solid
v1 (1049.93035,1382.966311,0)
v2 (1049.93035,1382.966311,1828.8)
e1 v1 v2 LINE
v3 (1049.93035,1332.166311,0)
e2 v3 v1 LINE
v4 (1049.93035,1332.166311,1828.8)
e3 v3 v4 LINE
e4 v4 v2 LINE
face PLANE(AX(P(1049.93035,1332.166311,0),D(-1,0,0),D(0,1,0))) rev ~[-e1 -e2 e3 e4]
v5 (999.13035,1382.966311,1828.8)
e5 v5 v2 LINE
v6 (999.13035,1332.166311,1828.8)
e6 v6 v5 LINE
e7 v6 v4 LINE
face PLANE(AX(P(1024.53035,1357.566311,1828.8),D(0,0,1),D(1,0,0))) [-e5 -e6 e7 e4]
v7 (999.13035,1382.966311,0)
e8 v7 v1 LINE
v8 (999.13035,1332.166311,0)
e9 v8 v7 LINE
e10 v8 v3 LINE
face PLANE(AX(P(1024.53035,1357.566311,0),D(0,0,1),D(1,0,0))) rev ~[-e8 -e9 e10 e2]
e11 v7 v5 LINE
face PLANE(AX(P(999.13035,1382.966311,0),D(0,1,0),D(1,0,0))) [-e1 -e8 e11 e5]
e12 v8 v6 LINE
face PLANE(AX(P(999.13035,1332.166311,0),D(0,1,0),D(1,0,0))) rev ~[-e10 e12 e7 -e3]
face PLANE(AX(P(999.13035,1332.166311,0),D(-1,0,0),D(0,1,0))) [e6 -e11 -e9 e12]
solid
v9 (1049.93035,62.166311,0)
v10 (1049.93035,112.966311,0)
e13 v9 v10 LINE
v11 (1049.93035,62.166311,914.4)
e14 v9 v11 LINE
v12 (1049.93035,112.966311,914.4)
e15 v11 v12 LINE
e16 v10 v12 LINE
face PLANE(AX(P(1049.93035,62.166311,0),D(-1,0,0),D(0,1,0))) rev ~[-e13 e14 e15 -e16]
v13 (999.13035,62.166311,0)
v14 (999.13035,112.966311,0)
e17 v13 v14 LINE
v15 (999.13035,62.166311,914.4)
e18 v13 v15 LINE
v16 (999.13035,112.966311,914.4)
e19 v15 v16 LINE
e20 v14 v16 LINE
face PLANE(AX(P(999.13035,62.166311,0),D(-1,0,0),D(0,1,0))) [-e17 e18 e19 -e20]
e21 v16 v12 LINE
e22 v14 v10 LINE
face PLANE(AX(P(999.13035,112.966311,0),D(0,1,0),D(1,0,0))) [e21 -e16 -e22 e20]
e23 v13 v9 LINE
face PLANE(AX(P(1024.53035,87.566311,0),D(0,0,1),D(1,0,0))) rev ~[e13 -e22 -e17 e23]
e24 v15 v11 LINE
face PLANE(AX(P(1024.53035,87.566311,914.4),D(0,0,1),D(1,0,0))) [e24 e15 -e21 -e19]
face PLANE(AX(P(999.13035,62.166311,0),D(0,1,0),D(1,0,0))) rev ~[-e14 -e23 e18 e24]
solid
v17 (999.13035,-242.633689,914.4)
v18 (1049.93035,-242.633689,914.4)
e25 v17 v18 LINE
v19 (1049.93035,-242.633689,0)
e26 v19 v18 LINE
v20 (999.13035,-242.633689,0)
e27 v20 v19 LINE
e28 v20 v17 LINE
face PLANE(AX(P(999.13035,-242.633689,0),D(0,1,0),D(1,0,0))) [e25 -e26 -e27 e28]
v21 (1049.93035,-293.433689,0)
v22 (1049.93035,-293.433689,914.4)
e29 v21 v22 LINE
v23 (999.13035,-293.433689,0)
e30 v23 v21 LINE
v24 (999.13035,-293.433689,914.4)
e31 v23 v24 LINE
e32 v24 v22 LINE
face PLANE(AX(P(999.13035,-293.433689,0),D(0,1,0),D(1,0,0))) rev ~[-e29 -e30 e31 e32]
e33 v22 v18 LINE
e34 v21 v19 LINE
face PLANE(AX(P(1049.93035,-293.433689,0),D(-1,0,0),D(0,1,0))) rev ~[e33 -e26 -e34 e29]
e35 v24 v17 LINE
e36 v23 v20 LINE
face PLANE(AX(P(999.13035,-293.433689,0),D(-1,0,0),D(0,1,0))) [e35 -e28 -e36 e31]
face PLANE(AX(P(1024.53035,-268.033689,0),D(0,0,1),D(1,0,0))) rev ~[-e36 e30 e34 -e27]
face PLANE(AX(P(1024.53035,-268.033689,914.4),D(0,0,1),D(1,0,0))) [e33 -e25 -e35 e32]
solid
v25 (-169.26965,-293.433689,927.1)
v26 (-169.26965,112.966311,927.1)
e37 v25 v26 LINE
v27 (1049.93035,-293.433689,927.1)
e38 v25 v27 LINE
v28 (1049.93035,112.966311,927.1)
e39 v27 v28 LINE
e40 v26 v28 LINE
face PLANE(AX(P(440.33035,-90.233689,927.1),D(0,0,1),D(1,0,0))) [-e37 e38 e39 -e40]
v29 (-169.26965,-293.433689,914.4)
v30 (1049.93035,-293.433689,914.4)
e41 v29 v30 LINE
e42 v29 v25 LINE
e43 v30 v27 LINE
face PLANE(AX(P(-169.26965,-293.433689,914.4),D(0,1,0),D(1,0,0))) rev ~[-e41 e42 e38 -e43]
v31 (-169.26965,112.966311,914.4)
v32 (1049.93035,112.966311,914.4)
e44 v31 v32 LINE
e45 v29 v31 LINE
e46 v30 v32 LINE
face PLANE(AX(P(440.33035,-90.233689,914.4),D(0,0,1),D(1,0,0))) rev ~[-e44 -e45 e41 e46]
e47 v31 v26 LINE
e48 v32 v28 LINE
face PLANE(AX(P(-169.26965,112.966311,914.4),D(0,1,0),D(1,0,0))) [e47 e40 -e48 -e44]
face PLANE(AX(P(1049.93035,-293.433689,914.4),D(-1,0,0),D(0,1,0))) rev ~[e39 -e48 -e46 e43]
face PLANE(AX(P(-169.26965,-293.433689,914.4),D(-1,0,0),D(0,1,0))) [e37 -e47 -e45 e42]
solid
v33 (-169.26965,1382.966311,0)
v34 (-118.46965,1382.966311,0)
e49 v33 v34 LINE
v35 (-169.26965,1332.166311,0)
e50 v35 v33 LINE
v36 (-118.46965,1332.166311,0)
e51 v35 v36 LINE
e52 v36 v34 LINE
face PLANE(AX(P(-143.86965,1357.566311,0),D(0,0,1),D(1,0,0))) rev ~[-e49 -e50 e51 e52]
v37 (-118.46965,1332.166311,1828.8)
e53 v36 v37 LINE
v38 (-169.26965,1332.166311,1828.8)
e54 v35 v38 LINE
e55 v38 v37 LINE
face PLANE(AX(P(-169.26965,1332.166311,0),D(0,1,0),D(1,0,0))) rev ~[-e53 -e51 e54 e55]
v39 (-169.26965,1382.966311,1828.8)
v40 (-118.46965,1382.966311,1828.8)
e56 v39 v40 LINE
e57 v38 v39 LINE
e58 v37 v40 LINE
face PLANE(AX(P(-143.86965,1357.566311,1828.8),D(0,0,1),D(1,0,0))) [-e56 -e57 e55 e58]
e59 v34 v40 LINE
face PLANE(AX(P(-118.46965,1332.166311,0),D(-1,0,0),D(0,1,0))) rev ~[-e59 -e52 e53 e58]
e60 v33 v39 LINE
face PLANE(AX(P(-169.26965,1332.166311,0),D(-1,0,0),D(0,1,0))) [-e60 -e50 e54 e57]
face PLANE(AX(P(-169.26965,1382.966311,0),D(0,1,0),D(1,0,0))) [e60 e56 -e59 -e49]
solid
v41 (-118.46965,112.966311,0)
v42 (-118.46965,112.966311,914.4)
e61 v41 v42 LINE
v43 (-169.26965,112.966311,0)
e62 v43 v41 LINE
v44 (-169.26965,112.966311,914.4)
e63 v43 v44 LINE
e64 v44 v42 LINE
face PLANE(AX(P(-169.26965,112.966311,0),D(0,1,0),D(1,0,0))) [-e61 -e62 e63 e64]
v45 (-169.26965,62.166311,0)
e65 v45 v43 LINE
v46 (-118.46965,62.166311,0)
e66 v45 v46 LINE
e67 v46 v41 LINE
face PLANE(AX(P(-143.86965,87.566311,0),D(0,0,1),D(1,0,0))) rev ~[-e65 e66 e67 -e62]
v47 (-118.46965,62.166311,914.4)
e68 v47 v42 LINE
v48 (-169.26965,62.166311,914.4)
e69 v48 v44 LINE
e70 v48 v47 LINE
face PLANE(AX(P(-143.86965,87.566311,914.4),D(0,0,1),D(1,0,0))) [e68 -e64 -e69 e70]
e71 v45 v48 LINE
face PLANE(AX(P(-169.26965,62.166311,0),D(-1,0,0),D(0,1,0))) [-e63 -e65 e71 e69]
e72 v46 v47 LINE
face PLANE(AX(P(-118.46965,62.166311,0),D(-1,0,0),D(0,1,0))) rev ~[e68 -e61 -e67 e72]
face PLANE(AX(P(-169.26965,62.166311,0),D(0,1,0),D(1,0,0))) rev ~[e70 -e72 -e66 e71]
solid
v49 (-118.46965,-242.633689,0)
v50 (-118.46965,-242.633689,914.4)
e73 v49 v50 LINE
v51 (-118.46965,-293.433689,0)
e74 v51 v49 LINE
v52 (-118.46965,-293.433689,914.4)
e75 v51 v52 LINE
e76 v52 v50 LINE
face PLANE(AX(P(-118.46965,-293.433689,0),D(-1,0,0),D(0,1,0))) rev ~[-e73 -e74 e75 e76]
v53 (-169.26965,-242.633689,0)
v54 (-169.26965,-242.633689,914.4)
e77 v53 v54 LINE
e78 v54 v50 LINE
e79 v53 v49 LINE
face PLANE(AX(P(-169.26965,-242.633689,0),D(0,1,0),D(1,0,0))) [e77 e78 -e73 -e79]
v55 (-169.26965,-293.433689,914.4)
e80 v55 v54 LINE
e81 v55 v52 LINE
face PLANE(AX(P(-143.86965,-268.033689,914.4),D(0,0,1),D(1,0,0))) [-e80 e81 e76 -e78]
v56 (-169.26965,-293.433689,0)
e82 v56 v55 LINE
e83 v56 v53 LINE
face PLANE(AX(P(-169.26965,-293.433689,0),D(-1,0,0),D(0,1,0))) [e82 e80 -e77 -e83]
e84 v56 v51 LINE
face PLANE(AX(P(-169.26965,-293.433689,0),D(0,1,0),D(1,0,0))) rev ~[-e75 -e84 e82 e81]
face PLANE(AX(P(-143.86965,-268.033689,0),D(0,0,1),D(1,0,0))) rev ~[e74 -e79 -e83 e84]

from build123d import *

# Parameters (mm, degrees)
F0_W     = 50.8
F0_H     = 50.8
F1_DEPTH = 914.4
F2_W     = 1219.2
F2_H     = 406.4
F3_DEPTH = 12.7
F4_DEPTH = 1828.8


with BuildPart() as f1:
    # F0 (on Top) → F1 (new body)
    with BuildSketch(Plane.XY):
        with Locations((-143.86965, 87.566311)):
            Rectangle(F0_W, F0_H)
        with Locations((1024.53035, 87.566311)):
            Rectangle(F0_W, F0_H)
        with Locations((-143.86965, -268.033689)):
            Rectangle(F0_W, F0_H)
        with Locations((1024.53035, -268.033689)):
            Rectangle(F0_W, F0_H)
    extrude(amount=F1_DEPTH)


with BuildPart() as f3:
    # F2 (on face) → F3 (new body)
    with BuildSketch(Plane.XY.offset(914.4)):
        with Locations((440.33035, -90.233689)):
            Rectangle(F2_W, F2_H)
    extrude(amount=F3_DEPTH)


with BuildPart() as f4:
    # F0 (on Top) → F4 (new body)
    with BuildSketch(Plane.XY):
        with Locations((-143.86965, 1357.566311)):
            Rectangle(F0_W, F0_H)
        with Locations((1024.53035, 1357.566311)):
            Rectangle(F0_W, F0_H)
    extrude(amount=F4_DEPTH)


solid = Compound([f1.part, f3.part, f4.part])
